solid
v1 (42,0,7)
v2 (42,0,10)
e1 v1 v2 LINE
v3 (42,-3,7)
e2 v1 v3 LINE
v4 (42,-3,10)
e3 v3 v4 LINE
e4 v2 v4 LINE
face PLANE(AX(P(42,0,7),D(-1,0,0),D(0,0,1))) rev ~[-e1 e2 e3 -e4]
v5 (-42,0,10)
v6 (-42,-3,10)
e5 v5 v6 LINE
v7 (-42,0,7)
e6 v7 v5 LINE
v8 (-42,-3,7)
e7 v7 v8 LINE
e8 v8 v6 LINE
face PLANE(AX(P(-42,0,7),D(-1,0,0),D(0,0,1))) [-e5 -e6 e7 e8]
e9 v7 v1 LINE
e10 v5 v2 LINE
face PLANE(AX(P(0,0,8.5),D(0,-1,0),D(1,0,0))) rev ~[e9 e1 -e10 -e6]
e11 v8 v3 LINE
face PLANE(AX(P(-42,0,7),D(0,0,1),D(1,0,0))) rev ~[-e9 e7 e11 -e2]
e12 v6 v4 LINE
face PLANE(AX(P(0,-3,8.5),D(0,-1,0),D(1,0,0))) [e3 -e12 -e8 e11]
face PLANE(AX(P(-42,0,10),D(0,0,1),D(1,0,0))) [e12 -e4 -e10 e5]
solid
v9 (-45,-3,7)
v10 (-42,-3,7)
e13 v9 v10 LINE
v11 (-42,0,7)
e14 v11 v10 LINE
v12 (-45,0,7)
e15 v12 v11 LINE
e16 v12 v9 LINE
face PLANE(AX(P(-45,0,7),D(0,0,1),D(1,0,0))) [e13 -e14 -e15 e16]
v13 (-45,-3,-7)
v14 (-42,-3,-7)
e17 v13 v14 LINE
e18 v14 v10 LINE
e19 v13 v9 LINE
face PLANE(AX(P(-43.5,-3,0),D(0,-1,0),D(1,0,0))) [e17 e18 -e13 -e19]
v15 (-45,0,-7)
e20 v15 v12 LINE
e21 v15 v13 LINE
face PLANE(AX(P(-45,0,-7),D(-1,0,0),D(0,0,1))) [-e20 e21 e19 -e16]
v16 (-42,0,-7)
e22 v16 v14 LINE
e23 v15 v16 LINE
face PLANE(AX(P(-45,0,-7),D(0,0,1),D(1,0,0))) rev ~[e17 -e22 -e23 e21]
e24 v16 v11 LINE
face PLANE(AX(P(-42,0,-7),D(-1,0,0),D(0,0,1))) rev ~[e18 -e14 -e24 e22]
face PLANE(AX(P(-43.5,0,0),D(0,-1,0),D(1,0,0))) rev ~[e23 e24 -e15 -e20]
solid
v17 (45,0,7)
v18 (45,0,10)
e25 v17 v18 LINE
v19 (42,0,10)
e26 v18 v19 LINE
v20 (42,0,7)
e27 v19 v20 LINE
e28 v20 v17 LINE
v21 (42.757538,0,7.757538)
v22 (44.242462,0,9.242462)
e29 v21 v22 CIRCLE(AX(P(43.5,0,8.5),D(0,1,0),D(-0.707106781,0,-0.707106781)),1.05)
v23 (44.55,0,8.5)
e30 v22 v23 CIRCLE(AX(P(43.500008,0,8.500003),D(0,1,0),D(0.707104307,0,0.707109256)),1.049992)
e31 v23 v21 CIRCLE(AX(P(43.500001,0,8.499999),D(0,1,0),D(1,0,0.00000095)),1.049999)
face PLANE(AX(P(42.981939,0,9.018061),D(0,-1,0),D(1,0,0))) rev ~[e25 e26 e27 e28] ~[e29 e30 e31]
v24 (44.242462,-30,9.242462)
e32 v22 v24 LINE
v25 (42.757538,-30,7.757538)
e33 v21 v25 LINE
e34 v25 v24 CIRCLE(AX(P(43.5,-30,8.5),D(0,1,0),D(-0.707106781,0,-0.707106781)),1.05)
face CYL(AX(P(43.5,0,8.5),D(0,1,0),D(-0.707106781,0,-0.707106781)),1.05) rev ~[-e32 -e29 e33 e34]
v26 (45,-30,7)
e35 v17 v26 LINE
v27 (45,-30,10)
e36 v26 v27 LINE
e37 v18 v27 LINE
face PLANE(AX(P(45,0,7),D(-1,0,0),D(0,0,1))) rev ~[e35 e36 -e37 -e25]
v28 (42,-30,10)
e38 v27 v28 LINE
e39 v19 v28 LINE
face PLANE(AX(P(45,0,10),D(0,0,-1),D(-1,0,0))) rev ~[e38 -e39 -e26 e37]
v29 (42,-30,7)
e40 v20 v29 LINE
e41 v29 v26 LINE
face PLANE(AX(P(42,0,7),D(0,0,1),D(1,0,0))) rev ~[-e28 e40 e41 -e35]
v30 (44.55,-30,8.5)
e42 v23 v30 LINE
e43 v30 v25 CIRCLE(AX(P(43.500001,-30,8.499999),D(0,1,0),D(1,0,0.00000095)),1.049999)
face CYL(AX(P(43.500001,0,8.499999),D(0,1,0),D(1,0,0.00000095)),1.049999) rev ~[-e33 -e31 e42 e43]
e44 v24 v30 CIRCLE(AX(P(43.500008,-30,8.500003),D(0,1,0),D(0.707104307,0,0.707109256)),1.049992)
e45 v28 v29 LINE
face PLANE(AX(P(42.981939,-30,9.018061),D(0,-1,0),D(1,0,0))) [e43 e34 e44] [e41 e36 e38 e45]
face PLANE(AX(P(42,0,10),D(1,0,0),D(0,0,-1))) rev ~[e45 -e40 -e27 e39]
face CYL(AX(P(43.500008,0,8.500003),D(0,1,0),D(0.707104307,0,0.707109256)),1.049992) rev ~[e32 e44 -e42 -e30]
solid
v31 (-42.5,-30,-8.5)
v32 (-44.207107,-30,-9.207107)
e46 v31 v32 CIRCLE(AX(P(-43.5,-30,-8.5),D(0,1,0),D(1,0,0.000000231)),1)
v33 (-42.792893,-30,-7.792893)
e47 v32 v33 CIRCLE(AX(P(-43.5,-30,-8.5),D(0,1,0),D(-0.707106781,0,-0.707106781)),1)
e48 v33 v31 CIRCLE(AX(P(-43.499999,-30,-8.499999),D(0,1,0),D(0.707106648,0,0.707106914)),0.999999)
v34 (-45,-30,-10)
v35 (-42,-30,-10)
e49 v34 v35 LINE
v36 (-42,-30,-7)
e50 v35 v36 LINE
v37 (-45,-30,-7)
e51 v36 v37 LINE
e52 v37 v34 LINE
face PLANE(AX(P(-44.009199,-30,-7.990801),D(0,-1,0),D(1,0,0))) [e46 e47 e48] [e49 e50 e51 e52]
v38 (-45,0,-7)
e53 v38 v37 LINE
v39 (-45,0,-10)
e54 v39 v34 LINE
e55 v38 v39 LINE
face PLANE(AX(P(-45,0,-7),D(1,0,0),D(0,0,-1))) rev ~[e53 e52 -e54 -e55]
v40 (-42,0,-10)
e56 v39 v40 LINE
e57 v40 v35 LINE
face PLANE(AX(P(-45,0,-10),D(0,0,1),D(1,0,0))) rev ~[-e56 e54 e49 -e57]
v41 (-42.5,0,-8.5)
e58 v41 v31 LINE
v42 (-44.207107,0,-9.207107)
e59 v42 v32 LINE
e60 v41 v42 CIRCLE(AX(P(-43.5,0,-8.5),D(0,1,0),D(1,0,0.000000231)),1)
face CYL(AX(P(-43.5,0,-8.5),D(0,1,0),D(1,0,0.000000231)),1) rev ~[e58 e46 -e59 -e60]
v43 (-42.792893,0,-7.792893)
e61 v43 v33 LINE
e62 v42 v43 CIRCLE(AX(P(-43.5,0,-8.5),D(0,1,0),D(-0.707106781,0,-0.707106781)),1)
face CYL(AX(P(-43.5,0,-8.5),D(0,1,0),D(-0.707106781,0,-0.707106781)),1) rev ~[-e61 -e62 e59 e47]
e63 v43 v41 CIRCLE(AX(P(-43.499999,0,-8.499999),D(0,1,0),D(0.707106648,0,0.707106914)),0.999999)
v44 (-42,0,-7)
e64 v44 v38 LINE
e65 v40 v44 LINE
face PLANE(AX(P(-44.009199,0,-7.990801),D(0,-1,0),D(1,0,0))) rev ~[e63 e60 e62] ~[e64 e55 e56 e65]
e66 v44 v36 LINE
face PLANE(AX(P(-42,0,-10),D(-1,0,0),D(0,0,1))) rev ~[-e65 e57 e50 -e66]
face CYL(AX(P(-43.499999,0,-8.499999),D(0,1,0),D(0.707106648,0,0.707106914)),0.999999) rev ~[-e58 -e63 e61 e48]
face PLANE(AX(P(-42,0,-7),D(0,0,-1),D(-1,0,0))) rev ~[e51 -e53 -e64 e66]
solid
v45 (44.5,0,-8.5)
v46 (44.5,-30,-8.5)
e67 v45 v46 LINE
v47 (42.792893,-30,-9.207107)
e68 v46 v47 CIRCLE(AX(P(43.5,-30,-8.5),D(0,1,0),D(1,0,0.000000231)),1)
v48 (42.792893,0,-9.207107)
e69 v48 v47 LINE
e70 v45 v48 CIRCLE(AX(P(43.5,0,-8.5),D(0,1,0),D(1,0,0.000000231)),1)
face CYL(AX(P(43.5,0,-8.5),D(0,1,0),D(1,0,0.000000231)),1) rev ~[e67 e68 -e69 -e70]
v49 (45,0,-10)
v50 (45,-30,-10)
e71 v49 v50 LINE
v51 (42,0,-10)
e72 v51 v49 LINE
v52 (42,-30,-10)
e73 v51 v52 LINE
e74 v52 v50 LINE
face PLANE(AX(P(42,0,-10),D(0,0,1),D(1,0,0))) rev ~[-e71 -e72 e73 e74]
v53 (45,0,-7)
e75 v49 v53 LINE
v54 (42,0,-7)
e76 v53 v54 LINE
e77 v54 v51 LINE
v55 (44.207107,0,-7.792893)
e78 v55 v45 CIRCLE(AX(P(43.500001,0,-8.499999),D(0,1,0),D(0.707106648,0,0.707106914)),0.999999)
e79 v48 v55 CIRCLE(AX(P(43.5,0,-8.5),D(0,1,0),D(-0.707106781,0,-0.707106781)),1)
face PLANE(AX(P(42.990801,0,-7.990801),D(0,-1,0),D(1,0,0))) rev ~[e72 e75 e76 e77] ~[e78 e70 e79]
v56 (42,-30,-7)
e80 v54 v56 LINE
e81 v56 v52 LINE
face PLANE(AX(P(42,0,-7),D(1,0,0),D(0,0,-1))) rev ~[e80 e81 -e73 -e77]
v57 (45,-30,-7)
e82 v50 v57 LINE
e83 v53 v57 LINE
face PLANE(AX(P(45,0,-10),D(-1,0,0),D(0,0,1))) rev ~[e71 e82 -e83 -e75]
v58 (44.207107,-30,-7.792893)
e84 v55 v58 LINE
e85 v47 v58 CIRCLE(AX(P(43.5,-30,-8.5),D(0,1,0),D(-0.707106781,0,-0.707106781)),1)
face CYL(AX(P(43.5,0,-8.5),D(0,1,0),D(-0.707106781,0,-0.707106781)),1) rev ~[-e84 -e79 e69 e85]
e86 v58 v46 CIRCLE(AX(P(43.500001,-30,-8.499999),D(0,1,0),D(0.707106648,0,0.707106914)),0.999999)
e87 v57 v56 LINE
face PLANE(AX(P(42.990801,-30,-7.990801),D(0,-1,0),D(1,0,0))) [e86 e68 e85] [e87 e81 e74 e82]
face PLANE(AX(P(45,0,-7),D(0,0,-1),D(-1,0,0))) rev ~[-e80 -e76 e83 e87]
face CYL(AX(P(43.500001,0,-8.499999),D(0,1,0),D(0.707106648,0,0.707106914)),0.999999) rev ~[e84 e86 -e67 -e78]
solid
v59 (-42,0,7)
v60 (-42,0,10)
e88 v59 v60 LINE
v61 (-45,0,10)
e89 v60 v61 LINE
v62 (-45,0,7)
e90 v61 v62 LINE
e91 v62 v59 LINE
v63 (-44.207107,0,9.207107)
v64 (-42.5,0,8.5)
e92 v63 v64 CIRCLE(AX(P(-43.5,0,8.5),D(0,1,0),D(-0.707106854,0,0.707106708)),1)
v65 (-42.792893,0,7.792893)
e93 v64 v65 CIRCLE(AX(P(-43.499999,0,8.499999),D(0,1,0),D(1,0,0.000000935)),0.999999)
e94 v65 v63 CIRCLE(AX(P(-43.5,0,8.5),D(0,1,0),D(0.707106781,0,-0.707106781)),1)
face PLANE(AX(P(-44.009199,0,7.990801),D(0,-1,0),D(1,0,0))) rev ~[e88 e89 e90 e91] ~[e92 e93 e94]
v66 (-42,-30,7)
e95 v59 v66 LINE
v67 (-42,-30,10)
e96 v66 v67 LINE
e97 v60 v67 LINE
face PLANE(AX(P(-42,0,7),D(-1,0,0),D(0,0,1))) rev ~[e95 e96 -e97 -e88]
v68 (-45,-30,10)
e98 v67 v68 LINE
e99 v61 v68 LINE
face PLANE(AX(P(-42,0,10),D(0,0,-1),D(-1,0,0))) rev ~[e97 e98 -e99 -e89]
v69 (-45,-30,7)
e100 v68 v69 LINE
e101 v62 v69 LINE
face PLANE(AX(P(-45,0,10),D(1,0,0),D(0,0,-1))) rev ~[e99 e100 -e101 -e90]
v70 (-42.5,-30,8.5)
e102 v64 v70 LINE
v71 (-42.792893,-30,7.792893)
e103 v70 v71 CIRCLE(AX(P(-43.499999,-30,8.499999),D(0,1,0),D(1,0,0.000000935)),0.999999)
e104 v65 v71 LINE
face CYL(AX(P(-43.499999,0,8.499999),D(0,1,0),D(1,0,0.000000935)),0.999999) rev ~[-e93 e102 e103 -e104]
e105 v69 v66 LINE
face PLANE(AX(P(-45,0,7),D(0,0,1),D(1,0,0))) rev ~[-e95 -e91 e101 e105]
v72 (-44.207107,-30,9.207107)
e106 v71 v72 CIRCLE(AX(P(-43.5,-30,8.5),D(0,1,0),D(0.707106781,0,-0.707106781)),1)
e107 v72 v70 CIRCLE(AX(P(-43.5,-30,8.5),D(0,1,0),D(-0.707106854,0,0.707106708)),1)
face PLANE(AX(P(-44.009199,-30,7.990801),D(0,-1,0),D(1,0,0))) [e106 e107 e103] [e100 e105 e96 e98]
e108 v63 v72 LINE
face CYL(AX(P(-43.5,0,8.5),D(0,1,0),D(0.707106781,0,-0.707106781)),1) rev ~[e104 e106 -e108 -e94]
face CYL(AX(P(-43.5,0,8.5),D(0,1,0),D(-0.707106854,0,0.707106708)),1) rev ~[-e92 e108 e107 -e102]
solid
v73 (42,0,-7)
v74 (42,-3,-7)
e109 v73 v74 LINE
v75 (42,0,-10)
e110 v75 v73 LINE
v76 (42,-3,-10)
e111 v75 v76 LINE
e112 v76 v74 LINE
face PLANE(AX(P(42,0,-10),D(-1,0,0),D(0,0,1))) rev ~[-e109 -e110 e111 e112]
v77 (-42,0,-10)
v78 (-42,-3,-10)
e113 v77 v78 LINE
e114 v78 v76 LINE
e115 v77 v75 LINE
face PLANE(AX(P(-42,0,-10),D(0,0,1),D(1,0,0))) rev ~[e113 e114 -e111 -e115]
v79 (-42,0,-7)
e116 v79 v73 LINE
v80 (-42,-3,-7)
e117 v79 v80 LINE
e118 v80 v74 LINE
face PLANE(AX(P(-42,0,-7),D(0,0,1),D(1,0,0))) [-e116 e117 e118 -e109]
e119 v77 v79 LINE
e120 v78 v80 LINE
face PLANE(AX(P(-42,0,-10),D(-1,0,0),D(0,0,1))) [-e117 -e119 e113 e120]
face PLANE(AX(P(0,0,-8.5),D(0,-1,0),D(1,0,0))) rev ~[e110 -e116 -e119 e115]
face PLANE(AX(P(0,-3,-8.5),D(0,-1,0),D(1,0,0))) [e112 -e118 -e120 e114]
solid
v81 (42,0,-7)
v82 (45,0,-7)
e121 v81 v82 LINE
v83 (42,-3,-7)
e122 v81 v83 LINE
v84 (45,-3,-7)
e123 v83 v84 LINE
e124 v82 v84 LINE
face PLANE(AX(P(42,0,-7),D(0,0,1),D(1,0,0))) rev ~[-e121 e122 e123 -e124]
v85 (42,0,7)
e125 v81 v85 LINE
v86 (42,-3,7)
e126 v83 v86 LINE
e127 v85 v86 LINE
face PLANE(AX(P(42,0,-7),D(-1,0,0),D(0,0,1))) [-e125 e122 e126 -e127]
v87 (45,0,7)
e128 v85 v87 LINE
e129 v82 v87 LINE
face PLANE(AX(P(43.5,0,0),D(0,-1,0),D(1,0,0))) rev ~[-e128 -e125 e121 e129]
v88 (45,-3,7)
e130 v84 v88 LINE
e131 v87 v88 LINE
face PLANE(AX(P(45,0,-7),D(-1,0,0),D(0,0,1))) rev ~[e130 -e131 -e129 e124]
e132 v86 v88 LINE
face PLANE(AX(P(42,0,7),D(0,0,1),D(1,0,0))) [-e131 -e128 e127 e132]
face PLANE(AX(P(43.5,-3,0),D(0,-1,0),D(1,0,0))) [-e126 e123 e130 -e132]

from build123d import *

# Parameters (mm, degrees)
F0_W     = 84
F0_H     = 3
F0_W_2   = 3
F0_H_2   = 14
F1_DEPTH = 3
F2_DEPTH = 30


with BuildPart() as f1:
    # F0 (on Front) → F1 (new body)
    with BuildSketch(Plane.XZ):
        with Locations((0, 8.5)):
            Rectangle(F0_W, F0_H)
        with Locations((0, -8.5)):
            Rectangle(F0_W, F0_H)
        with Locations((-43.5, 0)):
            Rectangle(F0_W_2, F0_H_2)
        with Locations((43.5, 0)):
            Rectangle(F0_W_2, F0_H_2)
    extrude(amount=F1_DEPTH)


with BuildPart() as f2:
    # F0 (on Front) → F2 (new body)
    with BuildSketch(Plane.XZ):
        with BuildLine():
            Line((45, -7), (42, -7))
            Line((42, -7), (42, -10))
            Line((42, -10), (42.792893, -9.207107))
            ThreePointArc((42.792893, -9.207107), (42.792893, -7.792893), (44.207107, -7.792893))
            Line((44.207107, -7.792893), (45, -7))
        make_face()
        with BuildLine():
            Line((45, -10), (45, -7))
            Line((45, -7), (44.207107, -7.792893))
            ThreePointArc((44.207107, -7.792893), (44.42388, -8.117317), (44.5, -8.5))
            ThreePointArc((44.5, -8.5), (43.882683, -9.42388), (42.792893, -9.207107))
            Line((42.792893, -9.207107), (42, -10))
            Line((42, -10), (45, -10))
        make_face()
        with BuildLine():
            Line((-42.792893, -7.792893), (-42, -7))
            Line((-42, -7), (-45, -7))
            Line((-45, -7), (-45, -10))
            Line((-45, -10), (-44.207107, -9.207107))
            ThreePointArc((-44.207107, -9.207107), (-44.207107, -7.792893), (-42.792893, -7.792893))
        make_face()
        with BuildLine():
            Line((-42, -10), (-42, -7))
            Line((-42, -7), (-42.792893, -7.792893))
            ThreePointArc((-42.792893, -7.792893), (-42.57612, -8.117317), (-42.5, -8.5))
            ThreePointArc((-42.5, -8.5), (-43.117317, -9.42388), (-44.207107, -9.207107))
            Line((-44.207107, -9.207107), (-45, -10))
            Line((-45, -10), (-42, -10))
        make_face()
        with BuildLine():
            Line((-45, 7), (-42, 7))
            Line((-42, 7), (-42.792893, 7.792893))
            ThreePointArc((-42.792893, 7.792893), (-44.207107, 7.792893), (-44.207107, 9.207107))
            Line((-44.207107, 9.207107), (-45, 10))
            Line((-45, 10), (-45, 7))
        make_face()
        with BuildLine():
            Line((-42.792893, 7.792893), (-42, 7))
            Line((-42, 7), (-42, 10))
            Line((-42, 10), (-45, 10))
            Line((-45, 10), (-44.207107, 9.207107))
            ThreePointArc((-44.207107, 9.207107), (-43.117317, 9.42388), (-42.5, 8.5))
            ThreePointArc((-42.5, 8.5), (-42.57612, 8.117317), (-42.792893, 7.792893))
        make_face()
        with BuildLine():
            Line((42, 10), (42, 7))
            Line((42, 7), (42.757538, 7.757538))
            ThreePointArc((42.757538, 7.757538), (42.757538, 9.242462), (44.242462, 9.242462))
            Line((44.242462, 9.242462), (45, 10))
            Line((45, 10), (42, 10))
        make_face()
        with BuildLine():
            Line((42.757538, 7.757538), (42, 7))
            Line((42, 7), (45, 7))
            Line((45, 7), (45, 10))
            Line((45, 10), (44.242462, 9.242462))
            ThreePointArc((44.242462, 9.242462), (44.470074, 8.901818), (44.55, 8.5))
            ThreePointArc((44.55, 8.5), (43.901818, 7.529926), (42.757538, 7.757538))
        make_face()
    extrude(amount=F2_DEPTH)


solid = Compound([f1.part, f2.part])
